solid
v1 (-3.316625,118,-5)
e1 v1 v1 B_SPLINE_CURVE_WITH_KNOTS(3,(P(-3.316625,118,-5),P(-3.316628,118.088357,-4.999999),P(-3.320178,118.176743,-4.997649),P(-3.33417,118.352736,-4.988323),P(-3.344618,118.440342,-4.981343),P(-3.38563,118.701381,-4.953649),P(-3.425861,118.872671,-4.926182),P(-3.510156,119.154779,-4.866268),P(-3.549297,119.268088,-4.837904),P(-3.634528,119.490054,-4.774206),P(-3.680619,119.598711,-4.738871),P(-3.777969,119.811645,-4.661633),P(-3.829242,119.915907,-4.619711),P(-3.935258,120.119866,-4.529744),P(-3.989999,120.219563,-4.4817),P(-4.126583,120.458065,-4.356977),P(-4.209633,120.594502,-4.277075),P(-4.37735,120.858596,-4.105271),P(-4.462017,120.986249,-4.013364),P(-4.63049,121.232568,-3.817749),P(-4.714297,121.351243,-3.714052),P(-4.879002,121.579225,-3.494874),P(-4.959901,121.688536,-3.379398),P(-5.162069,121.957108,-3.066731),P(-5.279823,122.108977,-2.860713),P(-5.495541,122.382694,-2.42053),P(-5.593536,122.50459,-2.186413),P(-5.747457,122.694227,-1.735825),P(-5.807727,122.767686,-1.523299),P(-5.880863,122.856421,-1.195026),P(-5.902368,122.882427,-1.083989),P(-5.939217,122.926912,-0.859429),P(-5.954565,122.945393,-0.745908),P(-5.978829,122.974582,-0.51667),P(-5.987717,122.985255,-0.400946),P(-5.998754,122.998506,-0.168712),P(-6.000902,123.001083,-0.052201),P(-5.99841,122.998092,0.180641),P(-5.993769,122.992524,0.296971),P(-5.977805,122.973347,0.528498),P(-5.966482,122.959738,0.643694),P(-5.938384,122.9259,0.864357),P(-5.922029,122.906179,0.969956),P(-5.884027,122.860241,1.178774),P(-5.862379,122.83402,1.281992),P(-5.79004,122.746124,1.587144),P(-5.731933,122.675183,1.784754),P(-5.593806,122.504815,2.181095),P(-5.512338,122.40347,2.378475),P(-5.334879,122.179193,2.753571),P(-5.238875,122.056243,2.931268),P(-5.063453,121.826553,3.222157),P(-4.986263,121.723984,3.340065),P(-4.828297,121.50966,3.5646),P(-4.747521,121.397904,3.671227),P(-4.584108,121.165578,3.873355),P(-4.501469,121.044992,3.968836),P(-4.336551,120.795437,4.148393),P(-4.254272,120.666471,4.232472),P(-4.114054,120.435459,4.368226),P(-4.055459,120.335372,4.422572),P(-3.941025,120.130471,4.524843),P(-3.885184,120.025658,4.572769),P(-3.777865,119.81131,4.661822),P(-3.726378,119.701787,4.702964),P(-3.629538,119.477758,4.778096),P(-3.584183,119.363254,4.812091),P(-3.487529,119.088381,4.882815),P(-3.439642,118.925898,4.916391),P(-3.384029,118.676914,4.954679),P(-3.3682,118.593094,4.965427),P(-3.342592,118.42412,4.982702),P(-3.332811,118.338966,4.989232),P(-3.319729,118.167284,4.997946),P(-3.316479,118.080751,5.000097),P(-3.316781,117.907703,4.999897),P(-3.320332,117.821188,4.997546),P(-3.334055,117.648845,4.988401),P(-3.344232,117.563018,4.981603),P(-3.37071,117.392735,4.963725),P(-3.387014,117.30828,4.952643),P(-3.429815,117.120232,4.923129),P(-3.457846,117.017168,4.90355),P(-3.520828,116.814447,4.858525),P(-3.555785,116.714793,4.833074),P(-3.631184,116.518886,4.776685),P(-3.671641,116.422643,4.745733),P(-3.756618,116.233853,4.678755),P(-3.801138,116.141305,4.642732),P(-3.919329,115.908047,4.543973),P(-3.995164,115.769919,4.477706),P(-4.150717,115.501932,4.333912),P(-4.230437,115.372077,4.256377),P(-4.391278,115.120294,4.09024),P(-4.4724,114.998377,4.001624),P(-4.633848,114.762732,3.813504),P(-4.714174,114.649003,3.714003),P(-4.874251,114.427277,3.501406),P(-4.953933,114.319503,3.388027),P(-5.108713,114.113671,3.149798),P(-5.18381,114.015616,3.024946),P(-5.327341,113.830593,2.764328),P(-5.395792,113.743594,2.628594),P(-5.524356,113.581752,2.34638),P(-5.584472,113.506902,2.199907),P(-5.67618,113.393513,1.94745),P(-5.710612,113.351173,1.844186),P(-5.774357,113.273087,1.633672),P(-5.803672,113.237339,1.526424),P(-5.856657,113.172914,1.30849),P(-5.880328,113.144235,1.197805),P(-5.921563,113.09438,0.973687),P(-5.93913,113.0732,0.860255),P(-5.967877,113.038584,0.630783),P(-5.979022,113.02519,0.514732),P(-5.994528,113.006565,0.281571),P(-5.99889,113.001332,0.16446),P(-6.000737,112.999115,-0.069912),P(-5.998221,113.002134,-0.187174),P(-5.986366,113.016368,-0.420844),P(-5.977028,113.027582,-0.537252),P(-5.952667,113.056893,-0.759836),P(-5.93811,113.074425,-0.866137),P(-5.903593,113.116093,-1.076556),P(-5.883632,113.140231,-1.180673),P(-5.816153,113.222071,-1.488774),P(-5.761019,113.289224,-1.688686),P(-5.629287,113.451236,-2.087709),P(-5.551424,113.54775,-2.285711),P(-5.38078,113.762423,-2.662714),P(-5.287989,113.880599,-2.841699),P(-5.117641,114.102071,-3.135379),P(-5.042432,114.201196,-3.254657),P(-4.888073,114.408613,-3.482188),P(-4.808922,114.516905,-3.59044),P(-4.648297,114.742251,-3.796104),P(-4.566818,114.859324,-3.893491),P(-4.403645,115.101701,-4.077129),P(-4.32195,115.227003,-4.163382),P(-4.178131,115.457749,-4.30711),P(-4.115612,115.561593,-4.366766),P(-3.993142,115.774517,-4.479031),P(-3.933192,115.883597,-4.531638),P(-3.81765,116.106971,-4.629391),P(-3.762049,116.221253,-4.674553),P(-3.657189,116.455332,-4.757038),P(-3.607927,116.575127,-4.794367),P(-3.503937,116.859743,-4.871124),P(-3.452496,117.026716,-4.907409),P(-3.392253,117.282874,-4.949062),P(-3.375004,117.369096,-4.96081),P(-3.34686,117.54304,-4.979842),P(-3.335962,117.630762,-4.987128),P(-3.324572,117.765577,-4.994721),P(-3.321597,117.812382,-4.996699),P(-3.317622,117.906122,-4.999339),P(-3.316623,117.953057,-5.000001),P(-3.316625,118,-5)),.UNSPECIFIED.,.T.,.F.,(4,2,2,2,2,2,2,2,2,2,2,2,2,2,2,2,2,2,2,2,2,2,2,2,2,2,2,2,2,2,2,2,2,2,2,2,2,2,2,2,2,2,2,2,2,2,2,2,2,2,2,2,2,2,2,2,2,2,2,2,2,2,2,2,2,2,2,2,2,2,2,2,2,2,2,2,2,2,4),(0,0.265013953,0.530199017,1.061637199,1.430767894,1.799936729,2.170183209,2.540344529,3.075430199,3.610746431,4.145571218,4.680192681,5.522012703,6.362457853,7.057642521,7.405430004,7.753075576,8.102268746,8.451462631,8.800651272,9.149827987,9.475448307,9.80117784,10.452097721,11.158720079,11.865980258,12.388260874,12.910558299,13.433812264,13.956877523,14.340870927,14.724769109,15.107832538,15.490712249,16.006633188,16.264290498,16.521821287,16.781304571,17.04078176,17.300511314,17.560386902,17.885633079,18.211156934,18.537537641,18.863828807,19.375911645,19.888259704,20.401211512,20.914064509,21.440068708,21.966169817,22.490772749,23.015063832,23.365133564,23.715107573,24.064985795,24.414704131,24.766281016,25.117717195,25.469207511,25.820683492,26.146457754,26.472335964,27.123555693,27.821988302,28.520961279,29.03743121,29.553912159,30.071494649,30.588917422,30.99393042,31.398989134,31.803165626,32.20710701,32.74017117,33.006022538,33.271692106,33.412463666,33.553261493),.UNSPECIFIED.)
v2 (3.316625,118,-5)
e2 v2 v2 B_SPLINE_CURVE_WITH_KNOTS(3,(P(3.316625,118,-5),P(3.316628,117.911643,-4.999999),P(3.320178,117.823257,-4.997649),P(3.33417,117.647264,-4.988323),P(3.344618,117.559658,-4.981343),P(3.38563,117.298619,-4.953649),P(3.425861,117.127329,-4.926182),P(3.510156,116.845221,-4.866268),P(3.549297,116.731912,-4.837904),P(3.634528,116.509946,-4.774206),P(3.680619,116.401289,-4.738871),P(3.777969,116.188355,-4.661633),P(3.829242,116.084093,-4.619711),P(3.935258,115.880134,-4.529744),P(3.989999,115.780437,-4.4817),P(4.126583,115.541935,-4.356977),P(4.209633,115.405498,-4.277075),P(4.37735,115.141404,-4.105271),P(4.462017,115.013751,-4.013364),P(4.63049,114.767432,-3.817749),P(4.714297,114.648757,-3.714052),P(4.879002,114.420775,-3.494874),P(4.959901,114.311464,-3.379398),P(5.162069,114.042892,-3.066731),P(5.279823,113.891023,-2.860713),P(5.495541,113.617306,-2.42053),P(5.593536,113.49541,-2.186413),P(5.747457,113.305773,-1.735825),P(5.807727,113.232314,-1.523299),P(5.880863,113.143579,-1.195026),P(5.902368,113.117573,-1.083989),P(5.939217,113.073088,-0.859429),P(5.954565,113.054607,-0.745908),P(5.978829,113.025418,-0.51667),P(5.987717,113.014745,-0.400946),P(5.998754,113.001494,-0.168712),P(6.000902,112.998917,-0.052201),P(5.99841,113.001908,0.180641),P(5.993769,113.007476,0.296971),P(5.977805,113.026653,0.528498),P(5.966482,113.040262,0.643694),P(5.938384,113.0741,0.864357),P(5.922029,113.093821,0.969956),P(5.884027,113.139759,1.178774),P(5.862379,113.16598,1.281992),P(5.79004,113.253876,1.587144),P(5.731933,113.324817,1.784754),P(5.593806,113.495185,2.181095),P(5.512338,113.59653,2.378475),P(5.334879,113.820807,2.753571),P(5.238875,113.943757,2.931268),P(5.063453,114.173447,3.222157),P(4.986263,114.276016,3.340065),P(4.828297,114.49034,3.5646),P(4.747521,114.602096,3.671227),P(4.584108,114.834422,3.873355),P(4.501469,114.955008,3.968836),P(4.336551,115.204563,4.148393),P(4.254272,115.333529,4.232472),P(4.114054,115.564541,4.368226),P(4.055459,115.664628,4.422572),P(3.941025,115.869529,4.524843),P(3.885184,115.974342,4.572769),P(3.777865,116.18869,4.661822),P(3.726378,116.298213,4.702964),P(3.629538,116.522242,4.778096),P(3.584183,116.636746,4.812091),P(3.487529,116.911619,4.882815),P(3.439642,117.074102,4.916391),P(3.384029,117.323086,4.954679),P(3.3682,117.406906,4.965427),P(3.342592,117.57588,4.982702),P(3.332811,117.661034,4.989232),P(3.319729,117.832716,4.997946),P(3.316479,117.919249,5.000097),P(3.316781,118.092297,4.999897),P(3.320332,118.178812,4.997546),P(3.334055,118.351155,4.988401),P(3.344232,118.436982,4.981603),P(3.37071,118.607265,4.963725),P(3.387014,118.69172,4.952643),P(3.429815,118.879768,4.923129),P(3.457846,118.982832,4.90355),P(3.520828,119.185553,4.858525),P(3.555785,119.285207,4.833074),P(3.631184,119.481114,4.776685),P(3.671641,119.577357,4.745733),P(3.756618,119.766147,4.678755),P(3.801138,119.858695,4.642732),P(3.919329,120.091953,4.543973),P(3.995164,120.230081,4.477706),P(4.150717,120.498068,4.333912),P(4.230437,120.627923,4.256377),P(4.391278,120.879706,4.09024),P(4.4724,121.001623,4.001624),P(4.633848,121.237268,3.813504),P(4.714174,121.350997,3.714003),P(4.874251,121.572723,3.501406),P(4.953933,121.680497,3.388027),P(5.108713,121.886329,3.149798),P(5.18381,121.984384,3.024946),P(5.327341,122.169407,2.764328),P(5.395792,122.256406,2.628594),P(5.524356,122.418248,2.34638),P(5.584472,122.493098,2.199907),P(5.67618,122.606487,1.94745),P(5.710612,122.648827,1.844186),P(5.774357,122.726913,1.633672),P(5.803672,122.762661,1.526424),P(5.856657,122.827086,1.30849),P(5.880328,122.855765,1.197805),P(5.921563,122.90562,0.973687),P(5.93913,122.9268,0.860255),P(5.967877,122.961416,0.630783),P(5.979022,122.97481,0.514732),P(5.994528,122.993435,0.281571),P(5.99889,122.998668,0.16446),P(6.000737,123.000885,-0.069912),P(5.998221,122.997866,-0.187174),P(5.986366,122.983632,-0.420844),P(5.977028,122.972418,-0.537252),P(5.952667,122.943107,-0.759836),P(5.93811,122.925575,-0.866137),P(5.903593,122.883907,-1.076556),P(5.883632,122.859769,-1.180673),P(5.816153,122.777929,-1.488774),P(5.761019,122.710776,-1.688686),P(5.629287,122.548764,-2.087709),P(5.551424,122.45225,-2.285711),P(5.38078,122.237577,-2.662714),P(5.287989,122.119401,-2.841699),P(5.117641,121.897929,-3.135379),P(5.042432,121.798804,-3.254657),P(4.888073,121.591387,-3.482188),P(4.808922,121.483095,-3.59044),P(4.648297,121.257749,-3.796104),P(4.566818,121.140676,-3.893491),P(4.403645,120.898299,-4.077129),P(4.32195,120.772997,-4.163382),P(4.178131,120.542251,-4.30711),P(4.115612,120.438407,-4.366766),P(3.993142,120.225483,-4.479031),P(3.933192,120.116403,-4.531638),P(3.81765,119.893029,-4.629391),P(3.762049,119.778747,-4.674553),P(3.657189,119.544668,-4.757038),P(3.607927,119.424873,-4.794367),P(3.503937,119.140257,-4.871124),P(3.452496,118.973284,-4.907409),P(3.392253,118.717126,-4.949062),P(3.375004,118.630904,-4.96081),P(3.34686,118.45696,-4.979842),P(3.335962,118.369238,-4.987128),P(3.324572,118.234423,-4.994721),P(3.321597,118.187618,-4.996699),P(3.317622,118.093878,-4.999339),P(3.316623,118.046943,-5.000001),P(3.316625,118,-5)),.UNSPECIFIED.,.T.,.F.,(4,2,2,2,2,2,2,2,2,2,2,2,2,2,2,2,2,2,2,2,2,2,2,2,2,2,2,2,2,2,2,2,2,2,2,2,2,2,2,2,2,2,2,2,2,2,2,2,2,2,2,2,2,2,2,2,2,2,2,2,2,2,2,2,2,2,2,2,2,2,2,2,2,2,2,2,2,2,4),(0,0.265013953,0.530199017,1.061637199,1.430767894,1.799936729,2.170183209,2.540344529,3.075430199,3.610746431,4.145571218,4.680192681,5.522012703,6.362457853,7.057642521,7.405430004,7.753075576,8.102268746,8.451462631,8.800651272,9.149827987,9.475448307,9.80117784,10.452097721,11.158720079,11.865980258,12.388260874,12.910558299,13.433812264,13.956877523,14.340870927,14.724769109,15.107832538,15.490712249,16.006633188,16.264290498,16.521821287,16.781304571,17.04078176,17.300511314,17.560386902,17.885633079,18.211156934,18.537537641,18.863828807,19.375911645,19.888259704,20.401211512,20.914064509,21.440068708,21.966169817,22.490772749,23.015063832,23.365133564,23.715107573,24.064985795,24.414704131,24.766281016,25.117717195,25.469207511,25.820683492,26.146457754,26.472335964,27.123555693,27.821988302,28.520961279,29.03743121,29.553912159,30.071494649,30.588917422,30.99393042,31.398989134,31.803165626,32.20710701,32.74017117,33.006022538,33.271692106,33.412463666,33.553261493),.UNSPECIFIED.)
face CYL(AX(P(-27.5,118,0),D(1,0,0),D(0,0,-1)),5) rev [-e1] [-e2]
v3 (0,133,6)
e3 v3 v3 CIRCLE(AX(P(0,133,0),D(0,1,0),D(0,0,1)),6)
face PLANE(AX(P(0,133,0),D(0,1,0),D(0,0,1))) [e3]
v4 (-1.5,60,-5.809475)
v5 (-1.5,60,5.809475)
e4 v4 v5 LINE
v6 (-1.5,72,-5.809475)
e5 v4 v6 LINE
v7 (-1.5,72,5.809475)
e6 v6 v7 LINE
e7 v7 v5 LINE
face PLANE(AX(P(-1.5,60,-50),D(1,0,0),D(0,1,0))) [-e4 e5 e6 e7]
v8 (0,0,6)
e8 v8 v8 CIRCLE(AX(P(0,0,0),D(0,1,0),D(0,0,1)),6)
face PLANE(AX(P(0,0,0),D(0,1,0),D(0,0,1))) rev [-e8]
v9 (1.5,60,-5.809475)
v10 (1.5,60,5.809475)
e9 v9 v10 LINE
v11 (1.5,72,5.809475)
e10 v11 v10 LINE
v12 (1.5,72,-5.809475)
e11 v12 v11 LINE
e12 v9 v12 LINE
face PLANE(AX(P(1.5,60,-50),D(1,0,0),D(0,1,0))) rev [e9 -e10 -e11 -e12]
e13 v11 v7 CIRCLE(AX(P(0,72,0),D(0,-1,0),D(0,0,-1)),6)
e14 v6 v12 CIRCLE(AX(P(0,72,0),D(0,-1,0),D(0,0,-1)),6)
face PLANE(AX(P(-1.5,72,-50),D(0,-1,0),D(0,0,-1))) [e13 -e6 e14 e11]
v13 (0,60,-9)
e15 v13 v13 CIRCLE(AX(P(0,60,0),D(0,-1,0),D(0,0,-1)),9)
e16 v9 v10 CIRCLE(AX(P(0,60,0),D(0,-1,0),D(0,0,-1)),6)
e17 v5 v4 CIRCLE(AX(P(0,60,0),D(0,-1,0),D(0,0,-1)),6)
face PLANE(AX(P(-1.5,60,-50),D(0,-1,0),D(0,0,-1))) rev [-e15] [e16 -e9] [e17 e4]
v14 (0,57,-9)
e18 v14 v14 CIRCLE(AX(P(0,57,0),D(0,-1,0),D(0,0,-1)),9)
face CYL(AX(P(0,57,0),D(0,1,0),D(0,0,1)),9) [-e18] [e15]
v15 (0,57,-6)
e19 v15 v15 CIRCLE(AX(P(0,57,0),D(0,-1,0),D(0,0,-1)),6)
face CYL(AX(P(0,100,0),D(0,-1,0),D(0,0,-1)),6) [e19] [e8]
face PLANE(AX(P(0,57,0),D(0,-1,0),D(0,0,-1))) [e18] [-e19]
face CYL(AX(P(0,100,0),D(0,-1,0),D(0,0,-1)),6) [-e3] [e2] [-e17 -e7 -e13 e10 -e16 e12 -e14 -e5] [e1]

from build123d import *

# Parameters (mm, degrees)
SKETCH1_R           = 6
BOSS_EXTRUDE1_DEPTH = 100
SKETCH2_W           = 3
SKETCH2_H           = 12
CUT_EXTRUDE2_DEPTH  = 50
SKETCH3_R           = 2.5
CUT_EXTRUDE3_DEPTH  = 50
BOSS_EXTRUDE2_START = -60
SKETCH4_R           = 9
BOSS_EXTRUDE2_DEPTH = 3
SKETCH5_R           = 6
BOSS_EXTRUDE3_DEPTH = 10
SKETCH6_R           = 2.5
CUT_EXTRUDE4_DEPTH  = 10
SKETCH7_R           = 6
CUT_EXTRUDE5_DEPTH  = 12
SKETCH8_R           = 6
BOSS_EXTRUDE4_DEPTH = 30
SKETCH10_R          = 5
CUT_EXTRUDE6_DEPTH  = 30
BOSS_EXTRUDE5_START = -40
SKETCH11_R          = 6
BOSS_EXTRUDE5_DEPTH = 40
SKETCH12_R          = 6
BOSS_EXTRUDE6_DEPTH = 5
SKETCH13_R          = 5
CUT_EXTRUDE7_DEPTH  = 27.5


with BuildPart() as part:
    # Sketch1 → Boss-Extrude1 (new body)
    with BuildSketch(Plane(origin=(0, 0, 0), x_dir=(1, 0, 0), z_dir=(0, 1, 0))):
        with Locations(Location((0, 0, 0), (0, 0, 270))):
            Circle(SKETCH1_R)
    extrude(amount=BOSS_EXTRUDE1_DEPTH)

    # Sketch2 → Cut-Extrude2 (cut, symmetric)
    with BuildSketch(Plane.XY):
        with Locations((0, 66)):
            Rectangle(SKETCH2_W, SKETCH2_H)
    extrude(amount=CUT_EXTRUDE2_DEPTH, both=True, mode=Mode.SUBTRACT)

    # Sketch3 → Cut-Extrude3 (cut, symmetric)
    with BuildSketch(Plane.XY):
        with Locations(Location((0, 95, 0), (0, 0, 90))):
            Circle(SKETCH3_R)
    extrude(amount=CUT_EXTRUDE3_DEPTH, both=True, mode=Mode.SUBTRACT)

    # Sketch4 → Boss-Extrude2 (add)
    with BuildSketch(Plane.XZ.offset(BOSS_EXTRUDE2_START)):
        with Locations(Location((0, 0, 0), (0, 0, 270))):
            Circle(SKETCH4_R)
    extrude(amount=BOSS_EXTRUDE2_DEPTH)

    # Sketch5 → Boss-Extrude3 (add, symmetric)
    with BuildSketch(Plane(origin=(0, 100, 0), x_dir=(1, 0, 0), z_dir=(0, 1, 0))):
        with Locations(Location((0, 0, 0), (0, 0, 90))):
            Circle(SKETCH5_R)
    extrude(amount=BOSS_EXTRUDE3_DEPTH, both=True)

    # Sketch6 → Cut-Extrude4 (cut, symmetric)
    with BuildSketch(Plane.XY):
        with Locations((0, 105)):
            Circle(SKETCH6_R)
    extrude(amount=CUT_EXTRUDE4_DEPTH, both=True, mode=Mode.SUBTRACT)

    # Sketch7 → Cut-Extrude5 (cut)
    with BuildSketch(Plane(origin=(0, 110, 0), x_dir=(1, 0, 0), z_dir=(0, 1, 0))):
        with Locations(Location((0, 0, 0), (0, 0, 75.522487814))):
            Circle(SKETCH7_R)
    extrude(amount=-CUT_EXTRUDE5_DEPTH, mode=Mode.SUBTRACT)

    # Sketch8 → Boss-Extrude4 (add)
    with BuildSketch(Plane(origin=(0, 98, 0), x_dir=(1, 0, 0), z_dir=(0, 1, 0))):
        with Locations(Location((0, 0, 0), (0, 0, 75.522487814))):
            Circle(SKETCH8_R)
    extrude(amount=BOSS_EXTRUDE4_DEPTH)

    # Sketch10 → Cut-Extrude6 (cut, symmetric)
    with BuildSketch(Plane.XY):
        with Locations((0, 113)):
            Circle(SKETCH10_R)
    extrude(amount=CUT_EXTRUDE6_DEPTH, both=True, mode=Mode.SUBTRACT)

    # Sketch11 → Boss-Extrude5 (add)
    with BuildSketch(Plane(origin=(0, 128, 0), x_dir=(1, 0, 0), z_dir=(0, 1, 0)).offset(BOSS_EXTRUDE5_START)):
        with Locations(Location((0, 0, 0), (0, 0, 75.522487814))):
            Circle(SKETCH11_R)
    extrude(amount=BOSS_EXTRUDE5_DEPTH)

    # Sketch12 → Boss-Extrude6 (add)
    with BuildSketch(Plane(origin=(0, 128, 0), x_dir=(1, 0, 0), z_dir=(0, 1, 0))):
        with Locations(Location((0, 0, 0), (0, 0, 75.522487814))):
            Circle(SKETCH12_R)
    extrude(amount=BOSS_EXTRUDE6_DEPTH)

    # Sketch13 → Cut-Extrude7 (cut, symmetric)
    with BuildSketch(Plane(origin=(0, 0, 0), x_dir=(0, 0, -1), z_dir=(1, 0, 0))):
        with Locations((0, 118)):
            Circle(SKETCH13_R)
    extrude(amount=CUT_EXTRUDE7_DEPTH, both=True, mode=Mode.SUBTRACT)


solid = part.part
